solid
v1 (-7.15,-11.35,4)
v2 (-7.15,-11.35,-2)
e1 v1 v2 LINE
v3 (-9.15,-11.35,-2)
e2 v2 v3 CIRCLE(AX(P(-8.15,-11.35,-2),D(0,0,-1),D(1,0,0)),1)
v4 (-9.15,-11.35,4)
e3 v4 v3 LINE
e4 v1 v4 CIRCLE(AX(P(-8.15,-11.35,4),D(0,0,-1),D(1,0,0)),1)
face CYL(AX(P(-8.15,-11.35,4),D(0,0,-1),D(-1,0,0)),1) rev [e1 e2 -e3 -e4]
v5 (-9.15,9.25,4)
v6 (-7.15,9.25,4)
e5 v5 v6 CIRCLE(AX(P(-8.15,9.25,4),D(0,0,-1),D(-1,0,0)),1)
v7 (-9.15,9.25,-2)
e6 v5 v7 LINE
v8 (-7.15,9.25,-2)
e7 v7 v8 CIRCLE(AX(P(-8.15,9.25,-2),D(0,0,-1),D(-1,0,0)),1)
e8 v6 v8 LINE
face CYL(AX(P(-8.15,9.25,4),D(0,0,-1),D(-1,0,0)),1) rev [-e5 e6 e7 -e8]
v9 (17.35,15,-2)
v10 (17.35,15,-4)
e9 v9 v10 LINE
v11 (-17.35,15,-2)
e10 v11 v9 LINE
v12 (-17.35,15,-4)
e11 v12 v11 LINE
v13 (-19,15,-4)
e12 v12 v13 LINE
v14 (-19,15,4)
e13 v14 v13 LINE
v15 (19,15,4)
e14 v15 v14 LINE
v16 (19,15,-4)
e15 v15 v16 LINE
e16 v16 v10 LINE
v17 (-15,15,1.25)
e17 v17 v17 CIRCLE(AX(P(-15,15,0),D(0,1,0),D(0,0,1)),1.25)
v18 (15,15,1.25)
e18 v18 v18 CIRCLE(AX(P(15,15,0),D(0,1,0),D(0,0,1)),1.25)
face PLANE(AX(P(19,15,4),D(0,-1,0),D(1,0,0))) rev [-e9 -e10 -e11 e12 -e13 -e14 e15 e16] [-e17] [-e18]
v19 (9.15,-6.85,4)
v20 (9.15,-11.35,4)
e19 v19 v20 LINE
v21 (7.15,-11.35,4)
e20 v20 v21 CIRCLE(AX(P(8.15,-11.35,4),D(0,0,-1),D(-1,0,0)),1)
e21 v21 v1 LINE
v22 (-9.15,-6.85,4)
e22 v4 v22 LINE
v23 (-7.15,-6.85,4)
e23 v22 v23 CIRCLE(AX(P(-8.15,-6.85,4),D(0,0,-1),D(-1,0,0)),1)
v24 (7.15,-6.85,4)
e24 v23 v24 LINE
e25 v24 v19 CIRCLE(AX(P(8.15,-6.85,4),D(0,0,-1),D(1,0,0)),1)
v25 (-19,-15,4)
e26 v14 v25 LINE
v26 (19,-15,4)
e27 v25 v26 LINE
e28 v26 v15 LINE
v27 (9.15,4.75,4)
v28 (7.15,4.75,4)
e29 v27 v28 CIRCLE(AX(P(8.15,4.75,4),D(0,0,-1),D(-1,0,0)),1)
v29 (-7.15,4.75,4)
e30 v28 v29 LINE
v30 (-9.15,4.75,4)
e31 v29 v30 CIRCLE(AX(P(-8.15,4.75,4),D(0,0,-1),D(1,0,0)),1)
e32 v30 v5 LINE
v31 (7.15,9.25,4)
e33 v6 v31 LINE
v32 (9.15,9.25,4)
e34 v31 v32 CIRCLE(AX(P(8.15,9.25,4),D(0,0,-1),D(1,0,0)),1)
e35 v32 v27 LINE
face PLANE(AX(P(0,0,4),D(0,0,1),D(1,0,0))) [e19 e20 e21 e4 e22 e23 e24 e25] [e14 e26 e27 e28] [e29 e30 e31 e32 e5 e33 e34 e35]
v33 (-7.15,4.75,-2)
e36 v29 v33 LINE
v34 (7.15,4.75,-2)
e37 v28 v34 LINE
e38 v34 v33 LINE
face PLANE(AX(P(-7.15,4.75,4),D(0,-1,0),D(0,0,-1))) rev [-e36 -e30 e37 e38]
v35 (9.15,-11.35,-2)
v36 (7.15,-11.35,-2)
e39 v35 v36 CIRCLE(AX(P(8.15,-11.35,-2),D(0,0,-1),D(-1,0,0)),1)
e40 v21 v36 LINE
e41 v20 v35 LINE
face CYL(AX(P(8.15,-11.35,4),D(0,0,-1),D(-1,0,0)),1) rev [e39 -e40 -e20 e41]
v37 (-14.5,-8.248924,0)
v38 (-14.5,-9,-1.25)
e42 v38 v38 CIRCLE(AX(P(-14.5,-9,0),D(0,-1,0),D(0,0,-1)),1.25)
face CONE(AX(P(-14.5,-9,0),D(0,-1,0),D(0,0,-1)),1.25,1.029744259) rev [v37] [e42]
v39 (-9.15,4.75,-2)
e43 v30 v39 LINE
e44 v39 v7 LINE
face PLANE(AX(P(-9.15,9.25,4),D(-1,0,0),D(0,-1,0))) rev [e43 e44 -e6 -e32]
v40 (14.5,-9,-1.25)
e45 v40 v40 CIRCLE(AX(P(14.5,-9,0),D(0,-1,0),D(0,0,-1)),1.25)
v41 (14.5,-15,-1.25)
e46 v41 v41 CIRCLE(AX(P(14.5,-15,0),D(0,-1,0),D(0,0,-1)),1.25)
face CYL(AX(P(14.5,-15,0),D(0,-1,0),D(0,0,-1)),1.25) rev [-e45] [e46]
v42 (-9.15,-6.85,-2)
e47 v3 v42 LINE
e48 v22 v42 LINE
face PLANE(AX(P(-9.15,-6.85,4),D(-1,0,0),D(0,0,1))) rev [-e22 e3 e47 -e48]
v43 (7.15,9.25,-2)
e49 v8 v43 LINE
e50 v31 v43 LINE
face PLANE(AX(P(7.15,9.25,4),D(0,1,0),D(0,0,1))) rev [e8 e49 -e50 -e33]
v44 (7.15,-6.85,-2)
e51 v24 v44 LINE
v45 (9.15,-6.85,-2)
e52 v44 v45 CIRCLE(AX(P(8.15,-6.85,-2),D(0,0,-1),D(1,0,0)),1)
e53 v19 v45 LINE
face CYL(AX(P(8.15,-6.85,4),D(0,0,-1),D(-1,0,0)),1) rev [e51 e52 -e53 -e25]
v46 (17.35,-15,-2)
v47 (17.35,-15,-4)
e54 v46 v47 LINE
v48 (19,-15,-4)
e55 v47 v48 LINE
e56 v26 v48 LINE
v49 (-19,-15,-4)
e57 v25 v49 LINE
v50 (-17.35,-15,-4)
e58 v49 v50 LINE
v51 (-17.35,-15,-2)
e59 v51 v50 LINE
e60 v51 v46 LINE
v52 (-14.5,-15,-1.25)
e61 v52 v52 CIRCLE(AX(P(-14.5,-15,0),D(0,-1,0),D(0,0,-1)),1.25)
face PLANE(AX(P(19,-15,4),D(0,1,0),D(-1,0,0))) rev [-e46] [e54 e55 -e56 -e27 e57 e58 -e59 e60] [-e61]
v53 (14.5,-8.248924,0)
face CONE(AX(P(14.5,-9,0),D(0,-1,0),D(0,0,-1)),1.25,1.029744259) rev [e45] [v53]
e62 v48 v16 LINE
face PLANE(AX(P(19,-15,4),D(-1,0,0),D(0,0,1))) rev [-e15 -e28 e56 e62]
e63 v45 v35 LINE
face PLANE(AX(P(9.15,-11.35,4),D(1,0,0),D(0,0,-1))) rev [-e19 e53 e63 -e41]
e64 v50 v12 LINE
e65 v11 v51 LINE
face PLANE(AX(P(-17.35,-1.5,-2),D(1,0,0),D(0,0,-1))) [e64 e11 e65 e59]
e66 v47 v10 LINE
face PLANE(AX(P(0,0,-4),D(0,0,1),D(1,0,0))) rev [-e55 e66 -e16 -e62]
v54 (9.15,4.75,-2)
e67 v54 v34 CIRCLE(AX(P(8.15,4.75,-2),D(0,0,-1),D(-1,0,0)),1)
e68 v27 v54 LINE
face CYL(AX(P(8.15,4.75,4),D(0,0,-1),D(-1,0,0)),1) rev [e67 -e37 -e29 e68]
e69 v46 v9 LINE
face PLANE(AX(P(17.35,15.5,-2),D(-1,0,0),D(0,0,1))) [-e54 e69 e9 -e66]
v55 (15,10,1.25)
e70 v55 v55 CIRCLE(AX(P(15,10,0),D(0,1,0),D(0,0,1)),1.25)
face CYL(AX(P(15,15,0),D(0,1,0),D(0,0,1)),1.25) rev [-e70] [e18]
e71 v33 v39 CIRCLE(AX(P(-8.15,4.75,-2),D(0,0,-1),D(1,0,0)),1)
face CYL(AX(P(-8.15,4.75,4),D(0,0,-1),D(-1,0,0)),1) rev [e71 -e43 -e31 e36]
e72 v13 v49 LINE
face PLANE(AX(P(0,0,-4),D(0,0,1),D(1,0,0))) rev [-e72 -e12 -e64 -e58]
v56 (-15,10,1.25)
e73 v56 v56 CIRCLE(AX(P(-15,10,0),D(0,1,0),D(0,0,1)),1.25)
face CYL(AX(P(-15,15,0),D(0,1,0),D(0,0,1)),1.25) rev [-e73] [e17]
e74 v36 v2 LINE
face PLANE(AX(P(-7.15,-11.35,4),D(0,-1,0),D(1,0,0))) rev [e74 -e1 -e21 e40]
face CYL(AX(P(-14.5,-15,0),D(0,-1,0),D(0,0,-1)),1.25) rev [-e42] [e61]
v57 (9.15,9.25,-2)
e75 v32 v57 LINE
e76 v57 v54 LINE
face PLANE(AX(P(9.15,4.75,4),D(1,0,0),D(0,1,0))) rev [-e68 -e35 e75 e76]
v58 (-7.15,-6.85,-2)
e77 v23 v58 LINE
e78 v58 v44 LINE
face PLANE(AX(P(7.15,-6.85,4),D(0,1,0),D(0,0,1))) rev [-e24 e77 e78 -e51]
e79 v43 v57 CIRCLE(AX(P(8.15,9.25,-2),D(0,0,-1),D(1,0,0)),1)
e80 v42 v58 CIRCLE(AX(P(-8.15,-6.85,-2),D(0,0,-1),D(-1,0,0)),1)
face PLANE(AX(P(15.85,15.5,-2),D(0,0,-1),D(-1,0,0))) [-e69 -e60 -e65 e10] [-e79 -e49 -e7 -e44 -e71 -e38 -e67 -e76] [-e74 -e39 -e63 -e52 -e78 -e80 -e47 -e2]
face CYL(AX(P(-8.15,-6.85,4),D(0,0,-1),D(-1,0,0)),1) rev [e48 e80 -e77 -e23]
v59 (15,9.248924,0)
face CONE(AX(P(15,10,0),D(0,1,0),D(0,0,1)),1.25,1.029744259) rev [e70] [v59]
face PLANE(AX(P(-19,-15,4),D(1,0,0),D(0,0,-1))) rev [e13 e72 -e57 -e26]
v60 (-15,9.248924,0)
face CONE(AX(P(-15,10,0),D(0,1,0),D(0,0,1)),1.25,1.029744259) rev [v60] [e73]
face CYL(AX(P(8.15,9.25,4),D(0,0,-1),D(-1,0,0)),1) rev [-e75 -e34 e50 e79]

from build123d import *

# Parameters (mm, degrees)
SKETCH1_W                   = 38
SKETCH1_H                   = 30
BOSS_EXTRUDE1_DEPTH         = 4
CUT_EXTRUDE1_DEPTH          = 2
CUT_EXTRUDE2_DEPTH          = 25.939927827
TAP_DRILL_FOR_M3_TAP1_D     = 2.5
TAP_DRILL_FOR_M3_TAP1_DEPTH = 5
TAP_DRILL_FOR_M3_TAP1_TIP   = 0.751075774


with BuildPart() as part:
    # Sketch1 → Boss-Extrude1 (new, symmetric)
    with BuildSketch(Plane.XY):
        Rectangle(SKETCH1_W, SKETCH1_H)
    extrude(amount=BOSS_EXTRUDE1_DEPTH, both=True)

    # Sketch2 → Cut-Extrude1 (cut)
    with BuildSketch(Plane.XY.offset(-4)):
        with BuildLine():
            Line((-17.35, -13.2), (-17.35, -3.15))
            Line((-17.35, -3.15), (-17.35, -1.5))
            Line((-17.35, -1.5), (-17.35, 15.5))
            ThreePointArc((-17.35, 15.5), (-16.910660172, 16.560660172), (-15.85, 17))
            Line((-15.85, 17), (15.85, 17))
            ThreePointArc((15.85, 17), (16.910660172, 16.560660172), (17.35, 15.5))
            Line((17.35, 15.5), (17.35, -1.5))
            Line((17.35, -1.5), (17.35, -3.15))
            Line((17.35, -3.15), (17.35, -13.2))
            Line((17.35, -13.2), (17.35, -15))
            Line((17.35, -15), (-17.35, -15))
            Line((-17.35, -15), (-17.35, -13.2))
        make_face()
    extrude(amount=CUT_EXTRUDE1_DEPTH, mode=Mode.SUBTRACT)

    # Sketch3 → Cut-Extrude2 (cut, through all)
    with BuildSketch(Plane(origin=(0, 0, -2), x_dir=(-1, 0, 0), z_dir=(0, 0, -1))):
        with BuildLine():
            Line((9.15, 9.25), (9.15, 4.75))
            ThreePointArc((9.15, 4.75), (8.15, 3.75), (7.15, 4.75))
            Line((7.15, 4.75), (-7.15, 4.75))
            ThreePointArc((-7.15, 4.75), (-8.15, 3.75), (-9.15, 4.75))
            Line((-9.15, 4.75), (-9.15, 9.25))
            ThreePointArc((-9.15, 9.25), (-8.15, 10.25), (-7.15, 9.25))
            Line((-7.15, 9.25), (7.15, 9.25))
            ThreePointArc((7.15, 9.25), (8.15, 10.25), (9.15, 9.25))
        make_face()
        with BuildLine():
            Line((-7.15, -6.85), (7.15, -6.85))
            ThreePointArc((7.15, -6.85), (8.15, -5.85), (9.15, -6.85))
            Line((9.15, -6.85), (9.15, -11.35))
            ThreePointArc((9.15, -11.35), (8.15, -12.35), (7.15, -11.35))
            Line((7.15, -11.35), (-7.15, -11.35))
            ThreePointArc((-7.15, -11.35), (-8.15, -12.35), (-9.15, -11.35))
            Line((-9.15, -11.35), (-9.15, -6.85))
            ThreePointArc((-9.15, -6.85), (-8.15, -5.85), (-7.15, -6.85))
        make_face()
    extrude(amount=-CUT_EXTRUDE2_DEPTH, mode=Mode.SUBTRACT)

    # Sketch5 → M3 Tapped Hole1 (revolve, cut)
    with BuildSketch(Plane(origin=(14.5, -15, 0), x_dir=(0, 0, -1), z_dir=(1, 0, 0))):
        Polygon((0, 0), (0, 6.751075774), (1.25, 6), (1.25, 0), align=None)
    m3_tapped_hole1 = revolve(axis=Axis((14.5, -21.35, 0), (0, 1, 0)), mode=Mode.SUBTRACT)

    # Mirror1: M3 Tapped Hole1 across plane
    add(m3_tapped_hole1.mirror(Plane(origin=(0, 0, 0), x_dir=(0, 0, 1), z_dir=(1, 0, 0))), mode=Mode.SUBTRACT)

    # Tap Drill for M3 Tap1
    with Locations(Plane(origin=(0, 15, 0), x_dir=(1, 0, 0), z_dir=(0, 1, 0))):
        with Locations((15, 0), (-15, 0)):
            Hole(TAP_DRILL_FOR_M3_TAP1_D / 2, depth=TAP_DRILL_FOR_M3_TAP1_DEPTH)
            with Locations((0, 0, -(TAP_DRILL_FOR_M3_TAP1_DEPTH + TAP_DRILL_FOR_M3_TAP1_TIP / 2))):  # 118° drill point
                Cone(0, TAP_DRILL_FOR_M3_TAP1_D / 2, TAP_DRILL_FOR_M3_TAP1_TIP, mode=Mode.SUBTRACT)


solid = part.part
